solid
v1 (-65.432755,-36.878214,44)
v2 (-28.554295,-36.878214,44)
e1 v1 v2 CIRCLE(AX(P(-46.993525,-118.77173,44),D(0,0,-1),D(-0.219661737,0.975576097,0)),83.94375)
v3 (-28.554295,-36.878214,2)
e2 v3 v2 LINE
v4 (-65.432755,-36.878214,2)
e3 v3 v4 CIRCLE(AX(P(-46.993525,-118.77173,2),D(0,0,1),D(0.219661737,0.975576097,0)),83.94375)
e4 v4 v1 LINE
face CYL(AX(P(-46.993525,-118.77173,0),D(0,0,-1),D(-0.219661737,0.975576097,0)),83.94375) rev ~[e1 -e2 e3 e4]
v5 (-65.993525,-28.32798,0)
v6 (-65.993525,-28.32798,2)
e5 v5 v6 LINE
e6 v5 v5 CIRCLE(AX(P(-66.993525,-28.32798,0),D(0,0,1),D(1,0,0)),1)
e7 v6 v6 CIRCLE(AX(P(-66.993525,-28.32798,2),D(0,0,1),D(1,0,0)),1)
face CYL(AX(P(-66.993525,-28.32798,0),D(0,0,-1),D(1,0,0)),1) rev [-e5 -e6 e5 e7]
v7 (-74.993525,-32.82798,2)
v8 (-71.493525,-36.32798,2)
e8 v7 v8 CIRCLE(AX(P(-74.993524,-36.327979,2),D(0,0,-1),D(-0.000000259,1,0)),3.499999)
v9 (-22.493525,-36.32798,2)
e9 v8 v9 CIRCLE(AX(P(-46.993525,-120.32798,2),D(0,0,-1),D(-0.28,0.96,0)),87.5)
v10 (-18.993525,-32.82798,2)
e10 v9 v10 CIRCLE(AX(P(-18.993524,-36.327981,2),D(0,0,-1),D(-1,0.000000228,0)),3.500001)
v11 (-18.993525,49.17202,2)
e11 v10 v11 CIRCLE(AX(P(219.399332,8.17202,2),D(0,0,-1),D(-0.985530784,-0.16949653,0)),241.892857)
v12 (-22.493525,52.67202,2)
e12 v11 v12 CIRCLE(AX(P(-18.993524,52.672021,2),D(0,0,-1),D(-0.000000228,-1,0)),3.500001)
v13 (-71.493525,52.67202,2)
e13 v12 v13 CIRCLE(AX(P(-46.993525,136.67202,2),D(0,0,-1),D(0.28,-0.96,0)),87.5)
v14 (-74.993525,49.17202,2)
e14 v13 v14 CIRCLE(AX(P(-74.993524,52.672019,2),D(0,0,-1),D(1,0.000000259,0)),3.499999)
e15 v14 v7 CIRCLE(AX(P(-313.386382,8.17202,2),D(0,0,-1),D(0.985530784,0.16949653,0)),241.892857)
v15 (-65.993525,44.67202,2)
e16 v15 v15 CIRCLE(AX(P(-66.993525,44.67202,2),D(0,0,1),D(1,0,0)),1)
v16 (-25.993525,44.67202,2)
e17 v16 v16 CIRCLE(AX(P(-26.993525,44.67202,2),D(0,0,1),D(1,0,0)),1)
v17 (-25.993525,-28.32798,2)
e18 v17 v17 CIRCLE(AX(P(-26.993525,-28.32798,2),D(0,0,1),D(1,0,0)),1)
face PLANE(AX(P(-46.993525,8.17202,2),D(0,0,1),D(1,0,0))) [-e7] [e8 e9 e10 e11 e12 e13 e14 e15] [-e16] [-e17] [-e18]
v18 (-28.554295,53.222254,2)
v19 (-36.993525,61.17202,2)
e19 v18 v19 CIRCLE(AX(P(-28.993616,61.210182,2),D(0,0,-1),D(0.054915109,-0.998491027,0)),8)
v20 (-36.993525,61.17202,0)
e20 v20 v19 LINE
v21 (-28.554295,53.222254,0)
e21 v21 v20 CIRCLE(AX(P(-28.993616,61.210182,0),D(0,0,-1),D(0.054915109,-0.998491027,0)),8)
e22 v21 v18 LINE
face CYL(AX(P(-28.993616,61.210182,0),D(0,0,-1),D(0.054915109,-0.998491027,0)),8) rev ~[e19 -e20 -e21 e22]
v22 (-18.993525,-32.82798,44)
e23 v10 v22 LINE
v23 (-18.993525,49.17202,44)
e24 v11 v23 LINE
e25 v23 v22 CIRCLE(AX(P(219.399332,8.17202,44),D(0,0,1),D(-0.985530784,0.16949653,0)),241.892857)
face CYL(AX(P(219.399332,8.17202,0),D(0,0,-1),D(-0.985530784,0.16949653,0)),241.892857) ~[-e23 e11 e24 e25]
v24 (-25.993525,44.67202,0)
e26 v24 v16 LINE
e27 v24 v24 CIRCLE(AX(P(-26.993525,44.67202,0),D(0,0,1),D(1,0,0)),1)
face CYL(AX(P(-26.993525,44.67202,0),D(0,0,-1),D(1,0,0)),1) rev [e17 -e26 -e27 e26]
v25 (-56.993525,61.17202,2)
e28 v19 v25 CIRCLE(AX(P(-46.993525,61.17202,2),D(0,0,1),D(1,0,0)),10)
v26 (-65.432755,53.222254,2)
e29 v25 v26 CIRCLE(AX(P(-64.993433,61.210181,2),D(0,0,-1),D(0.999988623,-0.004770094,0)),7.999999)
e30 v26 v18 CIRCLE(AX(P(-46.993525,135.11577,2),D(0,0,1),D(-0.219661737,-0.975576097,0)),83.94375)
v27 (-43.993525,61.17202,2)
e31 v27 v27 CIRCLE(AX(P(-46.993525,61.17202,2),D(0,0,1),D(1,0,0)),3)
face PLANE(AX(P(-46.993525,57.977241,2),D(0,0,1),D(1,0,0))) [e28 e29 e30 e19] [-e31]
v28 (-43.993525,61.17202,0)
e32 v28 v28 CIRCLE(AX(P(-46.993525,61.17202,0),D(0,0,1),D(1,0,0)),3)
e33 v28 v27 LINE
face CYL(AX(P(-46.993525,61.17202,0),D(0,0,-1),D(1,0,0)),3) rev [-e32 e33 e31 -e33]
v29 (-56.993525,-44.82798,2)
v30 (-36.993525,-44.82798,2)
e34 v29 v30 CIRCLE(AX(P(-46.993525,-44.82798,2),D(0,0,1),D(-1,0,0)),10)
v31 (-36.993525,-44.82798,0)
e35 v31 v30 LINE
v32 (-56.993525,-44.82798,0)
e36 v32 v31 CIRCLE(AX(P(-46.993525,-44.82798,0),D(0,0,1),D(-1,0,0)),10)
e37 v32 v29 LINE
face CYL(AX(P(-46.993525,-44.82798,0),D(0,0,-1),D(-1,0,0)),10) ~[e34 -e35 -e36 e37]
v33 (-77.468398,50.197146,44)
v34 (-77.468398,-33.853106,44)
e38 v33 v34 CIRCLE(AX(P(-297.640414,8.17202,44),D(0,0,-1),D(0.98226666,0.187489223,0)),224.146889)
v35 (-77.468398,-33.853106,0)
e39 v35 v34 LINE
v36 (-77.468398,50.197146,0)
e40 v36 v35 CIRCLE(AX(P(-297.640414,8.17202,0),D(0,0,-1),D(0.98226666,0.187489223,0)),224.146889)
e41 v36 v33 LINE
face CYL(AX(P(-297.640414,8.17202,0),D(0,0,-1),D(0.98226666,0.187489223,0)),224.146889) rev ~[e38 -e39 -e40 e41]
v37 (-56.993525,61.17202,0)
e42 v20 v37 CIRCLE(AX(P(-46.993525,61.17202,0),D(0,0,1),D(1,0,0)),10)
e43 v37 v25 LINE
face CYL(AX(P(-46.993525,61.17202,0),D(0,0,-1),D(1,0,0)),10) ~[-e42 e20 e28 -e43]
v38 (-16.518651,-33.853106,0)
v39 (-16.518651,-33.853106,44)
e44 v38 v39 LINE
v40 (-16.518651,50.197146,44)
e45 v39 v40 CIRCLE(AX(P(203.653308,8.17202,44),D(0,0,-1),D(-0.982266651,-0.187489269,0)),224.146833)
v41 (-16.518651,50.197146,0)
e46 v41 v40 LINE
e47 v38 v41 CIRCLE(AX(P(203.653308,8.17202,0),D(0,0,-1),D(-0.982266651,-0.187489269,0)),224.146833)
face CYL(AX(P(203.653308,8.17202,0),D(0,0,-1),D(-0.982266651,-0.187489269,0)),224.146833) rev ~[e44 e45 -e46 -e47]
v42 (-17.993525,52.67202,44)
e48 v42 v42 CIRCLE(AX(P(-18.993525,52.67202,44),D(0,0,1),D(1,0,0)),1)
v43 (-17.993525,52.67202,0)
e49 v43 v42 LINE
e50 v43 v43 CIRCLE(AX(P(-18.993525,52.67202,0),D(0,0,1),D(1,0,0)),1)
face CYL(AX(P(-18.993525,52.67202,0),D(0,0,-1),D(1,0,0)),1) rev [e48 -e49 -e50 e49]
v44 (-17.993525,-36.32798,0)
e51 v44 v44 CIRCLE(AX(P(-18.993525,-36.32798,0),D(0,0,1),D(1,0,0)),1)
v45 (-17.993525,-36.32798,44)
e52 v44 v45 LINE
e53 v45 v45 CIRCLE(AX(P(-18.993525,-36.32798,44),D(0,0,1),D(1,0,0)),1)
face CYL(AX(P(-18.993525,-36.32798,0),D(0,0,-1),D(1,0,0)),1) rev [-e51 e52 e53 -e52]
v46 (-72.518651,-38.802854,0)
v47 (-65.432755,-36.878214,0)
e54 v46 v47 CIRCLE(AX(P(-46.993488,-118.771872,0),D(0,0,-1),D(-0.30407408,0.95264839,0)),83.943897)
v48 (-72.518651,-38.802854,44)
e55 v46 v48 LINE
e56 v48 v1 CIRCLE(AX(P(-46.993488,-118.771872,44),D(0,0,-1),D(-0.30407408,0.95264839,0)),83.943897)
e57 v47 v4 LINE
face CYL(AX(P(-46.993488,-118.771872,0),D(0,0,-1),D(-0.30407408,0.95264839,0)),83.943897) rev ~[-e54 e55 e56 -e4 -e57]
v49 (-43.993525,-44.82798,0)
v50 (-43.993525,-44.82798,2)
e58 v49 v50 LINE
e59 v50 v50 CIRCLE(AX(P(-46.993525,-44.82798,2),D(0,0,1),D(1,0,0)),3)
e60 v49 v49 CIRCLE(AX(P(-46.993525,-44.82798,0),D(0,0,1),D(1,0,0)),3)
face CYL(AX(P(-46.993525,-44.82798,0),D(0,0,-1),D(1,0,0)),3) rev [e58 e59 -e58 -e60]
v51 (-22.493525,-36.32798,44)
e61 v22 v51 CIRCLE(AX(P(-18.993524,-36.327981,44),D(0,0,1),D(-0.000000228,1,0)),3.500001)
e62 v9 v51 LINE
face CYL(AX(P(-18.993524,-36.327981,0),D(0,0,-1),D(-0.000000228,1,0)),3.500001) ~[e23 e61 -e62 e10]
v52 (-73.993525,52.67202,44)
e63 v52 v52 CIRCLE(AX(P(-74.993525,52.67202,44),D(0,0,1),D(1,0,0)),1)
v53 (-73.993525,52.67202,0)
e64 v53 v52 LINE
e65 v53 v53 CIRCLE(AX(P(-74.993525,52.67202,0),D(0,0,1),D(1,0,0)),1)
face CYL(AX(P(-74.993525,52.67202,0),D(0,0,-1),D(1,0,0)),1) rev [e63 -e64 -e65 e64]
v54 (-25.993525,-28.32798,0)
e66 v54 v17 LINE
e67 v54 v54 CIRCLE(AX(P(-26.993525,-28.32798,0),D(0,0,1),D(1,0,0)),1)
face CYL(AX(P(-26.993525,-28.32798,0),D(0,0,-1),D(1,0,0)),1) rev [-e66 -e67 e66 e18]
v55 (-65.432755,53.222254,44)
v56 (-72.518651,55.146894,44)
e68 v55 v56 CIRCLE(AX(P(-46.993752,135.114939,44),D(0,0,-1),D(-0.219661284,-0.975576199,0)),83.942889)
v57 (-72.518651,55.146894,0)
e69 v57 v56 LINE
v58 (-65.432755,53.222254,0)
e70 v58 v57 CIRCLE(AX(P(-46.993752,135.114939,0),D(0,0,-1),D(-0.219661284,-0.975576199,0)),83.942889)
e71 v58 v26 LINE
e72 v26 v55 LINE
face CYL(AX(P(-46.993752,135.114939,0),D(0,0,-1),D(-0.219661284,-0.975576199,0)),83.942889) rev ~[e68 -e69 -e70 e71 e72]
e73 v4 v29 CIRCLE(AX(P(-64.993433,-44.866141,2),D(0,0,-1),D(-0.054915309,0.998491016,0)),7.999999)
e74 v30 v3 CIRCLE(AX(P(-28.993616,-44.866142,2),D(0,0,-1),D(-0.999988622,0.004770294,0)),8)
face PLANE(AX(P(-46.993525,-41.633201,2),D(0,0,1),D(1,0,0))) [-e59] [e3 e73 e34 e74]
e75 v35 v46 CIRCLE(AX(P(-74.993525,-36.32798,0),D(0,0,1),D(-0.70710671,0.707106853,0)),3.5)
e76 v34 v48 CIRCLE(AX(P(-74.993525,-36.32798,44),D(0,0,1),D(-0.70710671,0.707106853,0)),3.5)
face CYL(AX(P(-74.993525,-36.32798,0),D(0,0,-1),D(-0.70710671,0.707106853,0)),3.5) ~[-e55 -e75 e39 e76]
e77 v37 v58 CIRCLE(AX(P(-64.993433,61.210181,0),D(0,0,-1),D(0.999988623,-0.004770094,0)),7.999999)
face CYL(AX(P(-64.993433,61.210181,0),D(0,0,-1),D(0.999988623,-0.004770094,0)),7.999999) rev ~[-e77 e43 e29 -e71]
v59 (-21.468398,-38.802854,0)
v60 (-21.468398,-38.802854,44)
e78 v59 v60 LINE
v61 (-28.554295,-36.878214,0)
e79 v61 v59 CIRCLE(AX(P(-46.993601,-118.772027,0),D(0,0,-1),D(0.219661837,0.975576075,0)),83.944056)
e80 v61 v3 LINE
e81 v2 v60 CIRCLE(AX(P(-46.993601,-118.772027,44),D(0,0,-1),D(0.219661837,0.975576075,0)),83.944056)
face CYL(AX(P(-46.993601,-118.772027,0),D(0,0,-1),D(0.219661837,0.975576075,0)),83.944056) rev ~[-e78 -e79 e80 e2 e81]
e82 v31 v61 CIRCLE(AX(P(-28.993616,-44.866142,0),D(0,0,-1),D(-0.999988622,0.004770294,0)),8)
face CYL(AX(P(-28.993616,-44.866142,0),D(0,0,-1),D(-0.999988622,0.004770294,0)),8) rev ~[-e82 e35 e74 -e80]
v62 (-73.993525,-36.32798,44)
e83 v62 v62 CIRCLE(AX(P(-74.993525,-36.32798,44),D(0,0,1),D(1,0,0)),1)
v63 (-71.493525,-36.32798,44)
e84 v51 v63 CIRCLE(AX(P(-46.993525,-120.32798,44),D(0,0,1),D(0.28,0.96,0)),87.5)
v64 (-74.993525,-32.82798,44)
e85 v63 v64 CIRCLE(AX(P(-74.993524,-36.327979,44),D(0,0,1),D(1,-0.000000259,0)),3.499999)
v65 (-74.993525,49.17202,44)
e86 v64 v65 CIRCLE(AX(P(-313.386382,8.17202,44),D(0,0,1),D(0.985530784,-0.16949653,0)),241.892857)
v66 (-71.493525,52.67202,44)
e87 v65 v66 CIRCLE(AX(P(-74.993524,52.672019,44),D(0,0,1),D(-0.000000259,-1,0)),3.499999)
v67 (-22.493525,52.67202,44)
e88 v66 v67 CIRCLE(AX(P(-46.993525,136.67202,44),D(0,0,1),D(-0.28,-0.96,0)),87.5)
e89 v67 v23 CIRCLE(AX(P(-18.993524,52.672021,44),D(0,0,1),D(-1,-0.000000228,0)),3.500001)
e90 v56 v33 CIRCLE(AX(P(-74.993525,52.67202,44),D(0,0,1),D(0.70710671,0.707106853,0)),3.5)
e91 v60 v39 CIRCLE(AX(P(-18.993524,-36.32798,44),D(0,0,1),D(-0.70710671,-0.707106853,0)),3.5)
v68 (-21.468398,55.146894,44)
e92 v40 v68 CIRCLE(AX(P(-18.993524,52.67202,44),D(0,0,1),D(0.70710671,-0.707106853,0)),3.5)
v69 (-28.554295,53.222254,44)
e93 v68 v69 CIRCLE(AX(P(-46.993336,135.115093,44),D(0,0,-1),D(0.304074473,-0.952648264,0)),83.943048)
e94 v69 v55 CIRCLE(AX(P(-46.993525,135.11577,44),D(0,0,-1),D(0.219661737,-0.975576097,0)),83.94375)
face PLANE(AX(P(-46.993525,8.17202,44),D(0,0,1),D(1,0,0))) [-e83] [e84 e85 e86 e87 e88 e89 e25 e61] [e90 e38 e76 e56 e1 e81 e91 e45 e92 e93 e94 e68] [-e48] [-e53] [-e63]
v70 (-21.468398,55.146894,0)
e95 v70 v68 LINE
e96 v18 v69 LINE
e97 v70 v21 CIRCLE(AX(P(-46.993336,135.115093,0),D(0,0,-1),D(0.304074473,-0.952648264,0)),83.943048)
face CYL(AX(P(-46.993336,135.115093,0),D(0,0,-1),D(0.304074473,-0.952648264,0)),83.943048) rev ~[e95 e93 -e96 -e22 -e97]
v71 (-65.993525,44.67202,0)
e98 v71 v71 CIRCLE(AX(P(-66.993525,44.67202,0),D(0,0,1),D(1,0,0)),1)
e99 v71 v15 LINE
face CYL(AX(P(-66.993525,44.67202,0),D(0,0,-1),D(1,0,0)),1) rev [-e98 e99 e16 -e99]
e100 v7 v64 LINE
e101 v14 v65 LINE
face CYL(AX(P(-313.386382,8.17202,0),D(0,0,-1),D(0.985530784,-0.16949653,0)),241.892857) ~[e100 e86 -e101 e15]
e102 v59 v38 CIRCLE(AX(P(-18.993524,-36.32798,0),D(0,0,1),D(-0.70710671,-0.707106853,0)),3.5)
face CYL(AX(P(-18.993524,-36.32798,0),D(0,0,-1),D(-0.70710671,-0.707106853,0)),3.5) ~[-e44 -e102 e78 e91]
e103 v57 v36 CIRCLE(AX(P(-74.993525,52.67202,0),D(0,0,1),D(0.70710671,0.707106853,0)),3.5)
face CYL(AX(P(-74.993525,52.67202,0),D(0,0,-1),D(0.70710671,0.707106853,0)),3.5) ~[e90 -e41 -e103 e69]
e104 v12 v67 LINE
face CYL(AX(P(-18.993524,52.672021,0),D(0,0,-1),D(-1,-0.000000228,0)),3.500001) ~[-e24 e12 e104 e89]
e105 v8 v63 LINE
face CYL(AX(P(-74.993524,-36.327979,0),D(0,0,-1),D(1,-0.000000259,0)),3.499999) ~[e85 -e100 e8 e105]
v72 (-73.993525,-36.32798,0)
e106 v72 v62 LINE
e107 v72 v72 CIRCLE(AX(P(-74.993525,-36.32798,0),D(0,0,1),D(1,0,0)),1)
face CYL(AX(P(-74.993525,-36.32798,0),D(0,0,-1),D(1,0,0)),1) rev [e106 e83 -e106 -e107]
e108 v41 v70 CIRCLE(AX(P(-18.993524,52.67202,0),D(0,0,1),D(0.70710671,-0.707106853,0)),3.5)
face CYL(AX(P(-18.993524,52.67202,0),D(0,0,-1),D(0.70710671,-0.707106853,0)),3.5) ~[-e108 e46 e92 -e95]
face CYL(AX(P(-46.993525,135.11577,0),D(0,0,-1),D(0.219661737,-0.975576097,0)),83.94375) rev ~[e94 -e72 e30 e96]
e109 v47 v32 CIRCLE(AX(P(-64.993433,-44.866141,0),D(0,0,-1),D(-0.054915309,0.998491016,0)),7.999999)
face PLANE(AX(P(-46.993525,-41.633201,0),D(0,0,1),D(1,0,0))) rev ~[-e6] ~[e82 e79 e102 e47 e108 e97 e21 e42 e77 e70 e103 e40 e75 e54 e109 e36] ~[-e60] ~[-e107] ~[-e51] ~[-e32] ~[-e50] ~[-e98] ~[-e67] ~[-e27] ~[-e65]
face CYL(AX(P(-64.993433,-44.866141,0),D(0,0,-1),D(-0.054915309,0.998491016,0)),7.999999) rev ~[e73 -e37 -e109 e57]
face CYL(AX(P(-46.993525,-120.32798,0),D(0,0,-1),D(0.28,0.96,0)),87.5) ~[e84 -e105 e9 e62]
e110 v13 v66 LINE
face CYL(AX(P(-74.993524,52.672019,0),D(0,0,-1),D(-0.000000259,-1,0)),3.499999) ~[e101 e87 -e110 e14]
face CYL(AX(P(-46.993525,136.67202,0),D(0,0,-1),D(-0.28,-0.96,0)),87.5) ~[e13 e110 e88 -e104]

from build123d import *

# Parameters (mm, degrees)
F0_R     = 1
F1_DEPTH = 44
F0_R_2   = 3
F2_DEPTH = 2


with BuildPart() as f1:
    # F0 (on Top) → F1 (new body)
    with BuildSketch(Plane.XY):
        with BuildLine():
            ThreePointArc((-77.468398, 50.197146), (-73.493525, 8.17202), (-77.468398, -33.853106))
            ThreePointArc((-77.468398, -33.853106), (-77.468398, -38.802854), (-72.518651, -38.802854))
            ThreePointArc((-72.518651, -38.802854), (-68.996757, -37.763021), (-65.432755, -36.878214))
            ThreePointArc((-65.432755, -36.878214), (-46.993525, -34.82798), (-28.554295, -36.878214))
            ThreePointArc((-28.554295, -36.878214), (-24.990293, -37.763021), (-21.468398, -38.802854))
            ThreePointArc((-21.468398, -38.802854), (-16.518651, -38.802854), (-16.518651, -33.853106))
            ThreePointArc((-16.518651, -33.853106), (-20.493525, 8.17202), (-16.518651, 50.197146))
            ThreePointArc((-16.518651, 50.197146), (-16.518651, 55.146894), (-21.468398, 55.146894))
            ThreePointArc((-21.468398, 55.146894), (-24.990293, 54.10706), (-28.554295, 53.222254))
            ThreePointArc((-28.554295, 53.222254), (-46.993525, 51.17202), (-65.432755, 53.222254))
            ThreePointArc((-65.432755, 53.222254), (-68.996757, 54.10706), (-72.518651, 55.146894))
            ThreePointArc((-72.518651, 55.146894), (-77.468398, 55.146894), (-77.468398, 50.197146))
        make_face()
        with Locations((-74.993525, -36.32798)):
            Circle(F0_R, mode=Mode.SUBTRACT)
        with Locations((-18.993525, -36.32798)):
            Circle(F0_R, mode=Mode.SUBTRACT)
        with BuildLine():
            ThreePointArc((-74.993525, 49.17202), (-72.518651, 50.197146), (-71.493525, 52.67202))
            ThreePointArc((-71.493525, 52.67202), (-46.993525, 49.17202), (-22.493525, 52.67202))
            ThreePointArc((-22.493525, 52.67202), (-21.468398, 50.197146), (-18.993525, 49.17202))
            ThreePointArc((-18.993525, 49.17202), (-22.493525, 8.17202), (-18.993525, -32.82798))
            ThreePointArc((-18.993525, -32.82798), (-21.468398, -33.853106), (-22.493525, -36.32798))
            ThreePointArc((-22.493525, -36.32798), (-46.993525, -32.82798), (-71.493525, -36.32798))
            ThreePointArc((-71.493525, -36.32798), (-72.518651, -33.853106), (-74.993525, -32.82798))
            ThreePointArc((-74.993525, -32.82798), (-71.493525, 8.17202), (-74.993525, 49.17202))
        make_face(mode=Mode.SUBTRACT)
        with Locations((-74.993525, 52.67202)):
            Circle(F0_R, mode=Mode.SUBTRACT)
        with Locations((-18.993525, 52.67202)):
            Circle(F0_R, mode=Mode.SUBTRACT)
    extrude(amount=F1_DEPTH)

    # F0 (on Top) → F2 (join)
    with BuildSketch(Plane.XY):
        with BuildLine():
            ThreePointArc((-28.554295, -36.878214), (-46.993525, -34.82798), (-65.432755, -36.878214))
            ThreePointArc((-65.432755, -36.878214), (-59.507969, -39.04294), (-56.993525, -44.82798))
            ThreePointArc((-56.993525, -44.82798), (-46.993525, -54.82798), (-36.993525, -44.82798))
            ThreePointArc((-36.993525, -44.82798), (-34.47908, -39.04294), (-28.554295, -36.878214))
        make_face()
        with Locations((-46.993525, -44.82798)):
            Circle(F0_R_2, mode=Mode.SUBTRACT)
        with BuildLine():
            ThreePointArc((-56.993525, 61.17202), (-59.507969, 55.38698), (-65.432755, 53.222254))
            ThreePointArc((-65.432755, 53.222254), (-46.993525, 51.17202), (-28.554295, 53.222254))
            ThreePointArc((-28.554295, 53.222254), (-34.47908, 55.38698), (-36.993525, 61.17202))
            ThreePointArc((-36.993525, 61.17202), (-46.993525, 71.17202), (-56.993525, 61.17202))
        make_face()
        with Locations((-46.993525, 61.17202)):
            Circle(F0_R_2, mode=Mode.SUBTRACT)
        with BuildLine():
            ThreePointArc((-22.493525, 52.67202), (-46.993525, 49.17202), (-71.493525, 52.67202))
            ThreePointArc((-71.493525, 52.67202), (-72.518651, 50.197146), (-74.993525, 49.17202))
            ThreePointArc((-74.993525, 49.17202), (-71.493525, 8.17202), (-74.993525, -32.82798))
            ThreePointArc((-74.993525, -32.82798), (-72.518651, -33.853106), (-71.493525, -36.32798))
            ThreePointArc((-71.493525, -36.32798), (-46.993525, -32.82798), (-22.493525, -36.32798))
            ThreePointArc((-22.493525, -36.32798), (-21.468398, -33.853106), (-18.993525, -32.82798))
            ThreePointArc((-18.993525, -32.82798), (-22.493525, 8.17202), (-18.993525, 49.17202))
            ThreePointArc((-18.993525, 49.17202), (-21.468398, 50.197146), (-22.493525, 52.67202))
        make_face()
        with Locations((-66.993525, -28.32798)):
            Circle(F0_R, mode=Mode.SUBTRACT)
        with Locations((-26.993525, -28.32798)):
            Circle(F0_R, mode=Mode.SUBTRACT)
        with Locations((-66.993525, 44.67202)):
            Circle(F0_R, mode=Mode.SUBTRACT)
        with Locations((-26.993525, 44.67202)):
            Circle(F0_R, mode=Mode.SUBTRACT)
    extrude(amount=F2_DEPTH)


solid = f1.part
